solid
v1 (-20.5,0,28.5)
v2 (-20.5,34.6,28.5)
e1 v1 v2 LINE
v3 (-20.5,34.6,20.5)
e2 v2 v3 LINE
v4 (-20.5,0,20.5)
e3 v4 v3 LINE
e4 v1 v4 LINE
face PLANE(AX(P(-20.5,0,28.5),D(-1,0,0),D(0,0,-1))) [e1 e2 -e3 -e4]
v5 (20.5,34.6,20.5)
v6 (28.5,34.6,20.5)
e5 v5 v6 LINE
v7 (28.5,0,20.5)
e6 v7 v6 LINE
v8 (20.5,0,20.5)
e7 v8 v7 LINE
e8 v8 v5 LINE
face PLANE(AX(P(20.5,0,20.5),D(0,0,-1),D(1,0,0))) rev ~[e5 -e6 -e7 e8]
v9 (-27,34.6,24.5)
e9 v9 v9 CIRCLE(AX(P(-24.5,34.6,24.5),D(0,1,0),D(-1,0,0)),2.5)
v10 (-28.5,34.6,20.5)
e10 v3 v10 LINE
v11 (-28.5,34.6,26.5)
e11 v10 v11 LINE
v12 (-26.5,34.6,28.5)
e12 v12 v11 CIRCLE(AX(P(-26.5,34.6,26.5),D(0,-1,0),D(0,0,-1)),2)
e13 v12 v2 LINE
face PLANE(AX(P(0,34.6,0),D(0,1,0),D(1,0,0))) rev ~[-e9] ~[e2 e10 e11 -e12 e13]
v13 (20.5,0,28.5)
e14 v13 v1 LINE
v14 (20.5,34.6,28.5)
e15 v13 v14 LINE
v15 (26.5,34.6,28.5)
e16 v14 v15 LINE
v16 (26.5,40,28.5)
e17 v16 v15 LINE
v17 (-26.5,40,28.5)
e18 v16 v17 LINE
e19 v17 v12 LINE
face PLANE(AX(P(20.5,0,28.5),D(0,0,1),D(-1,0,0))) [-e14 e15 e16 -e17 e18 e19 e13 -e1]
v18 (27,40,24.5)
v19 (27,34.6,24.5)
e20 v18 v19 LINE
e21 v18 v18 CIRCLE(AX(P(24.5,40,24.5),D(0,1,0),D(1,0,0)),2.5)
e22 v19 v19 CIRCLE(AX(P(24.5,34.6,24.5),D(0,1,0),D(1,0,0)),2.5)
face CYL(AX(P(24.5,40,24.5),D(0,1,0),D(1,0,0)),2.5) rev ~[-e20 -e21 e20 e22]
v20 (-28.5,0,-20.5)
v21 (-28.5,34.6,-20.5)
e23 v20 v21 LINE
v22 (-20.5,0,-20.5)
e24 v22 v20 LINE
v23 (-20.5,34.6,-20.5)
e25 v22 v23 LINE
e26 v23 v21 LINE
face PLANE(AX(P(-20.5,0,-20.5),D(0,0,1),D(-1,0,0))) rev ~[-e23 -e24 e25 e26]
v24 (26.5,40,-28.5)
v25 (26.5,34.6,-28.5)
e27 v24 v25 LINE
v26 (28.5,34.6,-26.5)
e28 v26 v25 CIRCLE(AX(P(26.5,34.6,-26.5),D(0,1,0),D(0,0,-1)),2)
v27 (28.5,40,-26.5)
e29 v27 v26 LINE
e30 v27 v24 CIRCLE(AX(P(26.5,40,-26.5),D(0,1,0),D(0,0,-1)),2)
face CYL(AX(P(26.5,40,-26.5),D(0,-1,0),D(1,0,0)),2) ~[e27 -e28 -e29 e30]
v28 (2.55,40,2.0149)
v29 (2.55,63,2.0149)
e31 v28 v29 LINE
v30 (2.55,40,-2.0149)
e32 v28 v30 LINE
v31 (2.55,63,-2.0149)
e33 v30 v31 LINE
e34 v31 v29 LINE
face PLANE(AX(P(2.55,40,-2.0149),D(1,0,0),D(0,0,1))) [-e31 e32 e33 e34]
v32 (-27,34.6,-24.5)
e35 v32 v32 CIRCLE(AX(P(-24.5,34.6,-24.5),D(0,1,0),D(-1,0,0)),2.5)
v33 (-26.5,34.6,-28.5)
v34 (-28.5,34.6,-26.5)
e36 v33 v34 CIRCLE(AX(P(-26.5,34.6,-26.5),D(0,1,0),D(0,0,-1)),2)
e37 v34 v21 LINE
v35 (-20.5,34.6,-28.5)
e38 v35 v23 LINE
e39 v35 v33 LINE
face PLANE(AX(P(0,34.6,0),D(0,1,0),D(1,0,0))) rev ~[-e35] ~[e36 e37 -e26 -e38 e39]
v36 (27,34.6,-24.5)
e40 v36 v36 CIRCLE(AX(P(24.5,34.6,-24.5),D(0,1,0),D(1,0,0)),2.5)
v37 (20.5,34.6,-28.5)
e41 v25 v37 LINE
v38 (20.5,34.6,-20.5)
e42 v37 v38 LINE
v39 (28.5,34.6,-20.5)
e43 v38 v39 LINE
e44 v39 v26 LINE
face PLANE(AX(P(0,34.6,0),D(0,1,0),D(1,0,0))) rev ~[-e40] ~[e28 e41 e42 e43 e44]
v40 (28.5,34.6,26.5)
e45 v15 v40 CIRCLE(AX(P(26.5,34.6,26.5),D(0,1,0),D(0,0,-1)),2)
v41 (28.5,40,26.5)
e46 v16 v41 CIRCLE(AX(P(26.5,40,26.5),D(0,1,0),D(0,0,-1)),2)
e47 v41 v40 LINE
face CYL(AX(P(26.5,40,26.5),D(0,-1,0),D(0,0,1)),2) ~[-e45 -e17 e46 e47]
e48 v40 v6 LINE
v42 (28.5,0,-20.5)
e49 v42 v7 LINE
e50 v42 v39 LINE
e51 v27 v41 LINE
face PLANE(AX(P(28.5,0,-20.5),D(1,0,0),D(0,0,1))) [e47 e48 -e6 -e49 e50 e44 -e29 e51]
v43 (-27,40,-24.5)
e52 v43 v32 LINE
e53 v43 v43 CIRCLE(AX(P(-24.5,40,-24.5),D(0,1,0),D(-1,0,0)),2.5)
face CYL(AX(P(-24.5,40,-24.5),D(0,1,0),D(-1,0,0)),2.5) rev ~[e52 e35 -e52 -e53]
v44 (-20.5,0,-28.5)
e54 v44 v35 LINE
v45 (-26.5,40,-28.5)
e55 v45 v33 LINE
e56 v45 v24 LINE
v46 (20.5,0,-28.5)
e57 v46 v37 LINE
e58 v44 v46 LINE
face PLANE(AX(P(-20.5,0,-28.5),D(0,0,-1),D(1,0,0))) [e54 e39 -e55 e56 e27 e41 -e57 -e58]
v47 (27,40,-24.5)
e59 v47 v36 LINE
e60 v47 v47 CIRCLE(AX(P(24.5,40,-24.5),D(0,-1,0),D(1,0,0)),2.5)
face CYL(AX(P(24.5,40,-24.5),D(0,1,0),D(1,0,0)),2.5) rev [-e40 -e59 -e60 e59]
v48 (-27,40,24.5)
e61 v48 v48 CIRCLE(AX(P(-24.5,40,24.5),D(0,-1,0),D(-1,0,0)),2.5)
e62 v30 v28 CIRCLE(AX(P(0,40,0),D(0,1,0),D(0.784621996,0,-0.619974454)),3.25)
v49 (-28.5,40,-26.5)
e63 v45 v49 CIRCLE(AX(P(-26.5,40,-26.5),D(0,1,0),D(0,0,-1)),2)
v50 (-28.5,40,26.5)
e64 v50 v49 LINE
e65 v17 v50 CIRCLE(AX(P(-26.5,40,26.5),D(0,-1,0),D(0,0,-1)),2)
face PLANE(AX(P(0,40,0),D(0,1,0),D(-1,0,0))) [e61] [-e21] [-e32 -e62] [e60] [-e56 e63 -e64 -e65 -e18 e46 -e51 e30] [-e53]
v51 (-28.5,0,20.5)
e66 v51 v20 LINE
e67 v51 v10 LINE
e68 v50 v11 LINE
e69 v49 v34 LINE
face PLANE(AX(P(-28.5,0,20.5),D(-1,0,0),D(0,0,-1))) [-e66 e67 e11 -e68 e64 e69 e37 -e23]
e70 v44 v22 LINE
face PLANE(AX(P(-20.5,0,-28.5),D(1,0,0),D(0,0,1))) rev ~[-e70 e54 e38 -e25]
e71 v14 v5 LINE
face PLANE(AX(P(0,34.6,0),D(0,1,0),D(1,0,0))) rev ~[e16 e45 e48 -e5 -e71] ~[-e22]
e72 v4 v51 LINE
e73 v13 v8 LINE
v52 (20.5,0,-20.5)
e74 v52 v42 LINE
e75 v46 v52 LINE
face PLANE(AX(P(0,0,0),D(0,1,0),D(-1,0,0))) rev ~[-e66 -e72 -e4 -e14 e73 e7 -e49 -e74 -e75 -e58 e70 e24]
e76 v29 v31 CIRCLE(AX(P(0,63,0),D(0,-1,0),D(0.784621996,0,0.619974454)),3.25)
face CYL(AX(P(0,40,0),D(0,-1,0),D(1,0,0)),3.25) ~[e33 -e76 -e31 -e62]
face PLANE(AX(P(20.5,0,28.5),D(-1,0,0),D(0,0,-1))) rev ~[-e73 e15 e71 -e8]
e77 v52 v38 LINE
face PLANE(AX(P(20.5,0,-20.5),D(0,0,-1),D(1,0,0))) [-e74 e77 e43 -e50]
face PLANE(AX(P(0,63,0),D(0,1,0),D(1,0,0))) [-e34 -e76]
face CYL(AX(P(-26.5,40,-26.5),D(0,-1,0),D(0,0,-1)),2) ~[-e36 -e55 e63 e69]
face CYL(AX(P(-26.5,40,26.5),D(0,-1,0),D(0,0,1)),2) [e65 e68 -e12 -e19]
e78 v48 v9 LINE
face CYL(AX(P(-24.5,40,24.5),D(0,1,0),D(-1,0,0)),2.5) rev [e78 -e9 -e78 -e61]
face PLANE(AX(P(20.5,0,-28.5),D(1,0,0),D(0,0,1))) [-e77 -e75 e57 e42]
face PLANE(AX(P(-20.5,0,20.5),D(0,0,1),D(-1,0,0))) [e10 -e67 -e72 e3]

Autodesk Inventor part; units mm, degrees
ref_plane "YZ Plane" through (0, 0, 0) normal (1, 0, 0) x (0, 1, 0)
ref_plane "XZ Plane" through (0, 0, 0) normal (0, 1, 0) x (-1, 0, 0)
ref_plane "XY Plane" through (0, 0, 0) normal (0, 0, 1) x (1, 0, 0)
sketch "Sketch1" plane through (0, 0, 0) normal (0, 1, 0) x (-1, 0, 0)
  line L0 (-28.5, 28.5) -> (28.5, 28.5)
  line L1 (28.5, 28.5) -> (28.5, -28.5)
  line L2 (28.5, -28.5) -> (-28.5, -28.5)
  line L3 (-28.5, -28.5) -> (-28.5, 28.5)
  line L4 (-28.5, 28.5) -> (28.5, -28.5) construction
  line L5 (28.5, 28.5) -> (-28.5, -28.5) construction
  line L6 (28.5, -28.5) -> (20.5, -28.5)
  line L7 (20.5, -28.5) -> (20.5, -20.5)
  line L8 (20.5, -20.5) -> (28.5, -20.5)
  line L9 (28.5, -20.5) -> (28.5, -28.5)
  line L10 (-28.5, -28.5) -> (-22.5, -28.5)
  line L11 (-22.5, -28.5) -> (-22.5, -20.5)
  line L12 (-22.5, -20.5) -> (-28.5, -20.5)
  line L13 (-28.5, -20.5) -> (-28.5, -28.5)
  line L14 (-28.5, 28.5) -> (-20.5, 28.5)
  line L15 (-20.5, 28.5) -> (-20.5, 20.5)
  line L16 (-20.5, 20.5) -> (-28.5, 20.5)
  line L17 (-28.5, 20.5) -> (-28.5, 28.5)
  line L18 (28.5, 28.5) -> (20.5, 28.5)
  line L19 (20.5, 28.5) -> (20.5, 20.5)
  line L20 (20.5, 20.5) -> (28.5, 20.5)
  line L21 (28.5, 20.5) -> (28.5, 28.5)
  line L22 (-28.5, -28.5) -> (-20.5, -28.5)
  line L23 (-20.5, -28.5) -> (-20.5, -20.5)
  line L24 (-20.5, -20.5) -> (-28.5, -20.5)
  line L25 (-28.5, -20.5) -> (-28.5, -28.5)
  point P0 (0, 0)
  point P1 (28.5, 20.5)
  point P2 (20.5, 28.5)
  point P3 (-20.5, 28.5)
  point P4 (-28.5, 20.5)
  point P5 (-28.5, -20.5)
  point P6 (20.5, -28.5)
  dimension "d0" = 57
  dimension "d1" = 57
  dimension "d2" = 8
  dimension "d3" = 8
  dimension "d4" = 6
  dimension "d5" = 8
  dimension "d6" = 8
  dimension "d7" = 8
  dimension "d8" = 8
  dimension "d9" = 8
  dimension "d19" = 8
  dimension "d20" = 8
extrude "Extrusion1" add sketch "Sketch1" along normal blind 40 contours L0 L19 L20 L1 L8 L7 L2 L23 L24 L12 L3 L16 L15
sketch "Sketch2" plane through (0, 40, 0) normal (0, 1, 0) x (1, 0, 0)
  line L0 (-20.5, -20.5) -> (-20.5, -28.5) projected
  line L1 (-20.5, -28.5) -> (20.5, -28.5) projected
  line L2 (20.5, -28.5) -> (20.5, -20.5) projected
  line L3 (20.5, -20.5) -> (28.5, -20.5) projected
  line L4 (28.5, -20.5) -> (28.5, 20.5) projected
  line L5 (28.5, 20.5) -> (20.5, 20.5) projected
  line L6 (20.5, 28.5) -> (-20.5, 28.5) projected
  line L7 (-20.5, 28.5) -> (-20.5, 20.5) projected
  line L8 (-20.5, 20.5) -> (-28.5, 20.5) projected
  line L9 (-28.5, 20.5) -> (-28.5, -20.5) projected
  line L10 (-28.5, -20.5) -> (-20.5, -20.5) projected
  circle A0 centre (0, 0) radius 3.25
  line L11 (20.5, 20.5) -> (20.5, 28.5) projected
  line L12 (-3.25, 0) -> (2.55, 0)
  line L13 (2.55, 2.0149) -> (2.55, -2.0149)
  dimension "d12" = 6.5
  dimension "d24" = 5.8
extrude "Extrusion2" add sketch "Sketch2" along normal blind 23 contours L13 L12 A0 | A0 L12 L13
sketch "Sketch3" plane through (0, 40, 0) normal (0, 1, 0) x (1, 0, 0)
  arc A0 (2.55, 2.0149) -> (2.55, -2.0149) centre (0, 0) ccw projected
  line L0 (-20.5, -20.5) -> (-20.5, -28.5) projected
  line L1 (-20.5, -28.5) -> (20.5, -28.5) projected
  line L2 (20.5, -28.5) -> (20.5, -20.5) projected
  line L3 (20.5, -20.5) -> (28.5, -20.5) projected
  line L4 (28.5, -20.5) -> (28.5, 20.5) projected
  line L5 (28.5, 20.5) -> (20.5, 20.5) projected
  line L6 (20.5, 28.5) -> (-20.5, 28.5) projected
  line L7 (-20.5, 28.5) -> (-20.5, 20.5) projected
  line L8 (-20.5, 20.5) -> (-28.5, 20.5) projected
  line L9 (-28.5, 20.5) -> (-28.5, -20.5) projected
  line L10 (-28.5, -20.5) -> (-20.5, -20.5) projected
  line L11 (-28.5, -28.5) -> (28.5, -28.5)
  line L12 (28.5, -28.5) -> (28.5, 28.5)
  line L13 (28.5, 28.5) -> (-28.5, 28.5)
  line L14 (-28.5, 28.5) -> (-28.5, -28.5)
  line L15 (20.5, 20.5) -> (20.5, 28.5) projected
  line L16 (2.55, 2.0149) -> (2.55, -2.0149) projected
  point P0 (-28.5, 20.5)
  point P1 (-28.5, -20.5)
  point P2 (-20.5, -28.5)
  point P3 (20.5, -28.5)
  point P4 (28.5, -20.5)
  point P5 (28.5, 20.5)
extrude "Extrusion3" add sketch "Sketch3" against normal blind 5.4 contours L16 A0 | L10 L9 L8 L7 L6 L15 L5 L4 L3 L2 L1 L0 | L0 L11 L14 L10 | L2 L3 L12 L11 | L14 L13 L7 L8 | L5 L15 L13 L12
fillet "Fillet1" radius 2 4 edges at (28.5, 37.3, 28.5) (-28.5, 37.3, 28.5) (-28.5, 37.3, -28.5) (28.5, 37.3, -28.5)
sketch "Sketch4" plane through (0, 40, 0) normal (0, 1, 0) x (1, 0, 0)
  line L0 (-20.5, 20.5) -> (-28.5, 20.5) projected
  line L1 (-20.5, 28.5) -> (-20.5, 20.5) projected
  line L2 (20.5, 28.5) -> (-20.5, 28.5) projected
  line L3 (28.5, 20.5) -> (20.5, 20.5) projected
  line L4 (28.5, -20.5) -> (28.5, 20.5) projected
  line L5 (20.5, -20.5) -> (28.5, -20.5) projected
  line L6 (20.5, -28.5) -> (20.5, -20.5) projected
  line L7 (-20.5, -28.5) -> (20.5, -28.5) projected
  line L8 (-20.5, -20.5) -> (-20.5, -28.5) projected
  line L9 (-28.5, -20.5) -> (-20.5, -20.5) projected
  line L10 (-28.5, 20.5) -> (-28.5, -20.5) projected
  line L11 (20.5, -20.5) -> (28.5, -20.5) projected
  line L12 (20.5, -20.5) -> (28.5, -20.5)
  line L13 (28.5, -20.5) -> (28.5, -28.5)
  line L14 (28.5, -28.5) -> (20.5, -28.5)
  line L15 (20.5, -28.5) -> (20.5, -20.5)
  line L16 (20.5, 20.5) -> (20.5, 28.5) projected
  circle A0 centre (24.5, -24.5) radius 2.5
  point P0 (0, 0)
  dimension "d21" = 5
extrude "Extrusion4" cut sketch "Sketch4" against normal blind 40 contours A0
ref_plane "Work Plane1" through (0, 0, 20.5) normal (1, 0, 0) x (0, 0, -1)
ref_plane "Work Plane2" through (20.5, 0, 0) normal (0, 0, -1) x (-1, 0, 0)
mirror "Mirror1" about plane through (0, 0, 20.5) normal (1, 0, 0) of "Extrusion4"
mirror "Mirror2" about plane through (20.5, 0, 0) normal (0, 0, -1) of "Extrusion4", "Mirror1"
properties part number "Motor"
